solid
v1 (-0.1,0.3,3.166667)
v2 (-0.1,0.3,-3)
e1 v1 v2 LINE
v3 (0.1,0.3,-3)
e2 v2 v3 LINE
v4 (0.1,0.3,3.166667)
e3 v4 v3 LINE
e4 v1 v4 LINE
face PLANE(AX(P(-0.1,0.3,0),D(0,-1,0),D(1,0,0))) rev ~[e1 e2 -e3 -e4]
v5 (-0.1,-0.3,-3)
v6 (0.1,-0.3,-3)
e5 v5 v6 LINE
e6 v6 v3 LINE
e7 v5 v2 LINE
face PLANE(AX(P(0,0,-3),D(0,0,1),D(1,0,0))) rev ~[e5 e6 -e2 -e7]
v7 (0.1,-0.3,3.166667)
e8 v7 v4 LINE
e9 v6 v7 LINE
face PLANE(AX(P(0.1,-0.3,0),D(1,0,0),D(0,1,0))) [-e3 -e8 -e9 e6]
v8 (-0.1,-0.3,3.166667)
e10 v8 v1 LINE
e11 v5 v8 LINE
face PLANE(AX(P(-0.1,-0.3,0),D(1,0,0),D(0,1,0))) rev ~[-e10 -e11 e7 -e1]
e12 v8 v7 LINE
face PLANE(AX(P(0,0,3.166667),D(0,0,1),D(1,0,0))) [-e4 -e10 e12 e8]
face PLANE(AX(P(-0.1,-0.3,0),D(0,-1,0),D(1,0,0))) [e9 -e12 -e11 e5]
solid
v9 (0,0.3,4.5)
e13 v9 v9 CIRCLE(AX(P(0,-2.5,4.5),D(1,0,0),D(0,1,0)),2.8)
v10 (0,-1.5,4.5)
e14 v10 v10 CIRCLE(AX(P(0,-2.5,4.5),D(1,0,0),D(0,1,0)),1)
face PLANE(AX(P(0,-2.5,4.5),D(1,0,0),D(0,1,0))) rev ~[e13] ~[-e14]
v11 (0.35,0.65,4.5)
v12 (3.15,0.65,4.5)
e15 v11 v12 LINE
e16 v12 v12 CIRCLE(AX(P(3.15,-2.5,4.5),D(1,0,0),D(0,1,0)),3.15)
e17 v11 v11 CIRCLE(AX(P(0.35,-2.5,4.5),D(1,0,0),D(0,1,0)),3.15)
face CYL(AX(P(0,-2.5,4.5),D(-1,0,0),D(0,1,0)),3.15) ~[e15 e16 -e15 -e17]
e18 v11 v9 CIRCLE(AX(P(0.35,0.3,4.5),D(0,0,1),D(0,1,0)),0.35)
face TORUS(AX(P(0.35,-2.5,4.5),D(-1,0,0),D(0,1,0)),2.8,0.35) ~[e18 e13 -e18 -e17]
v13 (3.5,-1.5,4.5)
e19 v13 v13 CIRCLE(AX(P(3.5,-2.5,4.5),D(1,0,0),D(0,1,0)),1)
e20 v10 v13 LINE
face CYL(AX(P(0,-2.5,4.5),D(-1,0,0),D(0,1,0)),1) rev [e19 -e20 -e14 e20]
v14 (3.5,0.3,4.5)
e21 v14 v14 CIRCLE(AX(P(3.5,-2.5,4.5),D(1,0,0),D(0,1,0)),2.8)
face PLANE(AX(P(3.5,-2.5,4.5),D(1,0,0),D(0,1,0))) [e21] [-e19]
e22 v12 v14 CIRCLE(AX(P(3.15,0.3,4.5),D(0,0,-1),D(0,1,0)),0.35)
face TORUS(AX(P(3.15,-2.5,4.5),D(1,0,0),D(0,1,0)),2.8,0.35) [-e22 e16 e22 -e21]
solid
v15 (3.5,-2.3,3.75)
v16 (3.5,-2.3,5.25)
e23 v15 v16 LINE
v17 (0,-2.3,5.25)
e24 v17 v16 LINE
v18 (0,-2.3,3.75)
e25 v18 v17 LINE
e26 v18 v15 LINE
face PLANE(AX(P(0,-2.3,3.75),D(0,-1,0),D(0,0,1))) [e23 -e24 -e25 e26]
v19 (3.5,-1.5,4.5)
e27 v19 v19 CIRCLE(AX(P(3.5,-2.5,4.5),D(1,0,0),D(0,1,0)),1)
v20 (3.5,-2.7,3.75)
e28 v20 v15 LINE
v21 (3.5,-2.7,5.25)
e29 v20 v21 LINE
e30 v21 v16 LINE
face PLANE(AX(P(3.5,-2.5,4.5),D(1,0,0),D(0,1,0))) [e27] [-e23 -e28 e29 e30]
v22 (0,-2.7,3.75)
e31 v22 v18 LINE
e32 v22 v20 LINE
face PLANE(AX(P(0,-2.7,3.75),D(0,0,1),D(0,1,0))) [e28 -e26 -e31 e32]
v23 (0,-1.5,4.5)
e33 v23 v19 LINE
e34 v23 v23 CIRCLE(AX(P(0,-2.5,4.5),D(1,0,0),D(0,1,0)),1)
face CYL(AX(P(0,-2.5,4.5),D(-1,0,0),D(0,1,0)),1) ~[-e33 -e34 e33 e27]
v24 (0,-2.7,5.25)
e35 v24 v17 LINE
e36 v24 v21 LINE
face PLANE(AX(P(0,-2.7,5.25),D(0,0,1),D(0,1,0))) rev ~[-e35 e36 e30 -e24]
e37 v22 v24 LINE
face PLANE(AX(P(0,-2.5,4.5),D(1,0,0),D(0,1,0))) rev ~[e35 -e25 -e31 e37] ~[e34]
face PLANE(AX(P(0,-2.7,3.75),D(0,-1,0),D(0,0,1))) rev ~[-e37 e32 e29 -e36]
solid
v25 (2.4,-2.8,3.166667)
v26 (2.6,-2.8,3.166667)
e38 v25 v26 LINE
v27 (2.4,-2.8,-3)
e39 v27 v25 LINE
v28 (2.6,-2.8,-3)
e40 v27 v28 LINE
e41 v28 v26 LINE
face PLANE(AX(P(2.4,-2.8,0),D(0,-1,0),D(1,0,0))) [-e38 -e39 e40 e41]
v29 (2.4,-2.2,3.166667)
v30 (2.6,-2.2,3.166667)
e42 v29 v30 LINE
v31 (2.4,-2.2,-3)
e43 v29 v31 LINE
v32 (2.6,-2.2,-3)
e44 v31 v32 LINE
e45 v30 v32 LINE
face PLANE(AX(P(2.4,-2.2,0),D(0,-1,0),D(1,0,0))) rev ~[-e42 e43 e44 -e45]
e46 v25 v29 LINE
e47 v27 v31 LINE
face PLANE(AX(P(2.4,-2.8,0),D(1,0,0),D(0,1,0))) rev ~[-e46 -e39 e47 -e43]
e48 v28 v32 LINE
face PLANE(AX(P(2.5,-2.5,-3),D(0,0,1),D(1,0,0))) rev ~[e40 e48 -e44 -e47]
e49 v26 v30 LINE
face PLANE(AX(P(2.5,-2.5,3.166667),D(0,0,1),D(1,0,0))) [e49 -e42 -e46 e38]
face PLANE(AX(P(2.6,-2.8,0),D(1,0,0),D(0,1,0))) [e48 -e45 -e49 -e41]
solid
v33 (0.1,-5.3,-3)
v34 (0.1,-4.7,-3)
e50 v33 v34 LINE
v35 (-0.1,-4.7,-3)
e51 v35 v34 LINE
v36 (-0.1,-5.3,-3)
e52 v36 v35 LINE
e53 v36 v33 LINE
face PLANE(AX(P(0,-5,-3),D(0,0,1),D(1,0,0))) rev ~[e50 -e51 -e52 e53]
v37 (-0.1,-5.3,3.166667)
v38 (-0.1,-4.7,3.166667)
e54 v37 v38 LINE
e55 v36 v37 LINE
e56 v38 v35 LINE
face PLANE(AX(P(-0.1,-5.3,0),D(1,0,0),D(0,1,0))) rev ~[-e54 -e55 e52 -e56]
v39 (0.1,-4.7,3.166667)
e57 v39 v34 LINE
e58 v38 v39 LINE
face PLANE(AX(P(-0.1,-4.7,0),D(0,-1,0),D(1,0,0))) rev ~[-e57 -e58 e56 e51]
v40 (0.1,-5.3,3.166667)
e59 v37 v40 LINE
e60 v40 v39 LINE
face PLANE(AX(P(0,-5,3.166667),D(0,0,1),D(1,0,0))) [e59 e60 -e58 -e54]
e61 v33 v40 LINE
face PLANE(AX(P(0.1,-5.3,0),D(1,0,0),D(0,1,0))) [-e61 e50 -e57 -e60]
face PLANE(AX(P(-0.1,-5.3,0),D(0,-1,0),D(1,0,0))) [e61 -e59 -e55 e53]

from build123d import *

# Parameters (mm, degrees)
SKETCH001_R       = 1
SKETCH001_W       = 0.4
SKETCH001_H       = 1.5
PAD001_DEPTH      = 3.5
SKETCH_R          = 3.15
SKETCH_R_2        = 1
PAD_DEPTH         = 3.5
FILLET_R          = 0.35
SKETCH003_W       = 0.2
SKETCH003_H       = 0.6
PAD002_DEPTH      = 3.166667
PAD002_DEPTH_BACK = 3


with BuildPart() as pad001:
    # Sketch001 → Pad001 (new body)
    with BuildSketch(Plane.YZ):
        with Locations((-2.5, 4.5)):
            Circle(SKETCH001_R)
        with Locations((-2.5, 4.5)):
            Rectangle(SKETCH001_W, SKETCH001_H, mode=Mode.SUBTRACT)
    extrude(amount=PAD001_DEPTH)


with BuildPart() as fillet_body:
    # Sketch → Pad (new body)
    with BuildSketch(Plane.YZ):
        with Locations((-2.5, 4.5)):
            Circle(SKETCH_R)
        with Locations((-2.5, 4.5)):
            Circle(SKETCH_R_2, mode=Mode.SUBTRACT)
    extrude(amount=PAD_DEPTH)

    # Fillet
    fillet_edges = [fillet_body.edges().sort_by_distance(p)[0] for p in [
        (0, -5.65, 4.5),
        (3.5, -5.65, 4.5),
    ]]
    fillet(fillet_edges, radius=FILLET_R)


with BuildPart() as pad002:
    # Sketch003 → Pad002 (new body, two sides)
    with BuildSketch(Plane.XY) as pad002_sk:
        Rectangle(SKETCH003_W, SKETCH003_H)
        with Locations((2.5, -2.5)):
            Rectangle(SKETCH003_W, SKETCH003_H)
        with Locations((0, -5)):
            Rectangle(SKETCH003_W, SKETCH003_H)
    extrude(amount=PAD002_DEPTH)
    extrude(pad002_sk.sketch, amount=-PAD002_DEPTH_BACK)


solid = Compound([pad001.part, fillet_body.part, pad002.part])
